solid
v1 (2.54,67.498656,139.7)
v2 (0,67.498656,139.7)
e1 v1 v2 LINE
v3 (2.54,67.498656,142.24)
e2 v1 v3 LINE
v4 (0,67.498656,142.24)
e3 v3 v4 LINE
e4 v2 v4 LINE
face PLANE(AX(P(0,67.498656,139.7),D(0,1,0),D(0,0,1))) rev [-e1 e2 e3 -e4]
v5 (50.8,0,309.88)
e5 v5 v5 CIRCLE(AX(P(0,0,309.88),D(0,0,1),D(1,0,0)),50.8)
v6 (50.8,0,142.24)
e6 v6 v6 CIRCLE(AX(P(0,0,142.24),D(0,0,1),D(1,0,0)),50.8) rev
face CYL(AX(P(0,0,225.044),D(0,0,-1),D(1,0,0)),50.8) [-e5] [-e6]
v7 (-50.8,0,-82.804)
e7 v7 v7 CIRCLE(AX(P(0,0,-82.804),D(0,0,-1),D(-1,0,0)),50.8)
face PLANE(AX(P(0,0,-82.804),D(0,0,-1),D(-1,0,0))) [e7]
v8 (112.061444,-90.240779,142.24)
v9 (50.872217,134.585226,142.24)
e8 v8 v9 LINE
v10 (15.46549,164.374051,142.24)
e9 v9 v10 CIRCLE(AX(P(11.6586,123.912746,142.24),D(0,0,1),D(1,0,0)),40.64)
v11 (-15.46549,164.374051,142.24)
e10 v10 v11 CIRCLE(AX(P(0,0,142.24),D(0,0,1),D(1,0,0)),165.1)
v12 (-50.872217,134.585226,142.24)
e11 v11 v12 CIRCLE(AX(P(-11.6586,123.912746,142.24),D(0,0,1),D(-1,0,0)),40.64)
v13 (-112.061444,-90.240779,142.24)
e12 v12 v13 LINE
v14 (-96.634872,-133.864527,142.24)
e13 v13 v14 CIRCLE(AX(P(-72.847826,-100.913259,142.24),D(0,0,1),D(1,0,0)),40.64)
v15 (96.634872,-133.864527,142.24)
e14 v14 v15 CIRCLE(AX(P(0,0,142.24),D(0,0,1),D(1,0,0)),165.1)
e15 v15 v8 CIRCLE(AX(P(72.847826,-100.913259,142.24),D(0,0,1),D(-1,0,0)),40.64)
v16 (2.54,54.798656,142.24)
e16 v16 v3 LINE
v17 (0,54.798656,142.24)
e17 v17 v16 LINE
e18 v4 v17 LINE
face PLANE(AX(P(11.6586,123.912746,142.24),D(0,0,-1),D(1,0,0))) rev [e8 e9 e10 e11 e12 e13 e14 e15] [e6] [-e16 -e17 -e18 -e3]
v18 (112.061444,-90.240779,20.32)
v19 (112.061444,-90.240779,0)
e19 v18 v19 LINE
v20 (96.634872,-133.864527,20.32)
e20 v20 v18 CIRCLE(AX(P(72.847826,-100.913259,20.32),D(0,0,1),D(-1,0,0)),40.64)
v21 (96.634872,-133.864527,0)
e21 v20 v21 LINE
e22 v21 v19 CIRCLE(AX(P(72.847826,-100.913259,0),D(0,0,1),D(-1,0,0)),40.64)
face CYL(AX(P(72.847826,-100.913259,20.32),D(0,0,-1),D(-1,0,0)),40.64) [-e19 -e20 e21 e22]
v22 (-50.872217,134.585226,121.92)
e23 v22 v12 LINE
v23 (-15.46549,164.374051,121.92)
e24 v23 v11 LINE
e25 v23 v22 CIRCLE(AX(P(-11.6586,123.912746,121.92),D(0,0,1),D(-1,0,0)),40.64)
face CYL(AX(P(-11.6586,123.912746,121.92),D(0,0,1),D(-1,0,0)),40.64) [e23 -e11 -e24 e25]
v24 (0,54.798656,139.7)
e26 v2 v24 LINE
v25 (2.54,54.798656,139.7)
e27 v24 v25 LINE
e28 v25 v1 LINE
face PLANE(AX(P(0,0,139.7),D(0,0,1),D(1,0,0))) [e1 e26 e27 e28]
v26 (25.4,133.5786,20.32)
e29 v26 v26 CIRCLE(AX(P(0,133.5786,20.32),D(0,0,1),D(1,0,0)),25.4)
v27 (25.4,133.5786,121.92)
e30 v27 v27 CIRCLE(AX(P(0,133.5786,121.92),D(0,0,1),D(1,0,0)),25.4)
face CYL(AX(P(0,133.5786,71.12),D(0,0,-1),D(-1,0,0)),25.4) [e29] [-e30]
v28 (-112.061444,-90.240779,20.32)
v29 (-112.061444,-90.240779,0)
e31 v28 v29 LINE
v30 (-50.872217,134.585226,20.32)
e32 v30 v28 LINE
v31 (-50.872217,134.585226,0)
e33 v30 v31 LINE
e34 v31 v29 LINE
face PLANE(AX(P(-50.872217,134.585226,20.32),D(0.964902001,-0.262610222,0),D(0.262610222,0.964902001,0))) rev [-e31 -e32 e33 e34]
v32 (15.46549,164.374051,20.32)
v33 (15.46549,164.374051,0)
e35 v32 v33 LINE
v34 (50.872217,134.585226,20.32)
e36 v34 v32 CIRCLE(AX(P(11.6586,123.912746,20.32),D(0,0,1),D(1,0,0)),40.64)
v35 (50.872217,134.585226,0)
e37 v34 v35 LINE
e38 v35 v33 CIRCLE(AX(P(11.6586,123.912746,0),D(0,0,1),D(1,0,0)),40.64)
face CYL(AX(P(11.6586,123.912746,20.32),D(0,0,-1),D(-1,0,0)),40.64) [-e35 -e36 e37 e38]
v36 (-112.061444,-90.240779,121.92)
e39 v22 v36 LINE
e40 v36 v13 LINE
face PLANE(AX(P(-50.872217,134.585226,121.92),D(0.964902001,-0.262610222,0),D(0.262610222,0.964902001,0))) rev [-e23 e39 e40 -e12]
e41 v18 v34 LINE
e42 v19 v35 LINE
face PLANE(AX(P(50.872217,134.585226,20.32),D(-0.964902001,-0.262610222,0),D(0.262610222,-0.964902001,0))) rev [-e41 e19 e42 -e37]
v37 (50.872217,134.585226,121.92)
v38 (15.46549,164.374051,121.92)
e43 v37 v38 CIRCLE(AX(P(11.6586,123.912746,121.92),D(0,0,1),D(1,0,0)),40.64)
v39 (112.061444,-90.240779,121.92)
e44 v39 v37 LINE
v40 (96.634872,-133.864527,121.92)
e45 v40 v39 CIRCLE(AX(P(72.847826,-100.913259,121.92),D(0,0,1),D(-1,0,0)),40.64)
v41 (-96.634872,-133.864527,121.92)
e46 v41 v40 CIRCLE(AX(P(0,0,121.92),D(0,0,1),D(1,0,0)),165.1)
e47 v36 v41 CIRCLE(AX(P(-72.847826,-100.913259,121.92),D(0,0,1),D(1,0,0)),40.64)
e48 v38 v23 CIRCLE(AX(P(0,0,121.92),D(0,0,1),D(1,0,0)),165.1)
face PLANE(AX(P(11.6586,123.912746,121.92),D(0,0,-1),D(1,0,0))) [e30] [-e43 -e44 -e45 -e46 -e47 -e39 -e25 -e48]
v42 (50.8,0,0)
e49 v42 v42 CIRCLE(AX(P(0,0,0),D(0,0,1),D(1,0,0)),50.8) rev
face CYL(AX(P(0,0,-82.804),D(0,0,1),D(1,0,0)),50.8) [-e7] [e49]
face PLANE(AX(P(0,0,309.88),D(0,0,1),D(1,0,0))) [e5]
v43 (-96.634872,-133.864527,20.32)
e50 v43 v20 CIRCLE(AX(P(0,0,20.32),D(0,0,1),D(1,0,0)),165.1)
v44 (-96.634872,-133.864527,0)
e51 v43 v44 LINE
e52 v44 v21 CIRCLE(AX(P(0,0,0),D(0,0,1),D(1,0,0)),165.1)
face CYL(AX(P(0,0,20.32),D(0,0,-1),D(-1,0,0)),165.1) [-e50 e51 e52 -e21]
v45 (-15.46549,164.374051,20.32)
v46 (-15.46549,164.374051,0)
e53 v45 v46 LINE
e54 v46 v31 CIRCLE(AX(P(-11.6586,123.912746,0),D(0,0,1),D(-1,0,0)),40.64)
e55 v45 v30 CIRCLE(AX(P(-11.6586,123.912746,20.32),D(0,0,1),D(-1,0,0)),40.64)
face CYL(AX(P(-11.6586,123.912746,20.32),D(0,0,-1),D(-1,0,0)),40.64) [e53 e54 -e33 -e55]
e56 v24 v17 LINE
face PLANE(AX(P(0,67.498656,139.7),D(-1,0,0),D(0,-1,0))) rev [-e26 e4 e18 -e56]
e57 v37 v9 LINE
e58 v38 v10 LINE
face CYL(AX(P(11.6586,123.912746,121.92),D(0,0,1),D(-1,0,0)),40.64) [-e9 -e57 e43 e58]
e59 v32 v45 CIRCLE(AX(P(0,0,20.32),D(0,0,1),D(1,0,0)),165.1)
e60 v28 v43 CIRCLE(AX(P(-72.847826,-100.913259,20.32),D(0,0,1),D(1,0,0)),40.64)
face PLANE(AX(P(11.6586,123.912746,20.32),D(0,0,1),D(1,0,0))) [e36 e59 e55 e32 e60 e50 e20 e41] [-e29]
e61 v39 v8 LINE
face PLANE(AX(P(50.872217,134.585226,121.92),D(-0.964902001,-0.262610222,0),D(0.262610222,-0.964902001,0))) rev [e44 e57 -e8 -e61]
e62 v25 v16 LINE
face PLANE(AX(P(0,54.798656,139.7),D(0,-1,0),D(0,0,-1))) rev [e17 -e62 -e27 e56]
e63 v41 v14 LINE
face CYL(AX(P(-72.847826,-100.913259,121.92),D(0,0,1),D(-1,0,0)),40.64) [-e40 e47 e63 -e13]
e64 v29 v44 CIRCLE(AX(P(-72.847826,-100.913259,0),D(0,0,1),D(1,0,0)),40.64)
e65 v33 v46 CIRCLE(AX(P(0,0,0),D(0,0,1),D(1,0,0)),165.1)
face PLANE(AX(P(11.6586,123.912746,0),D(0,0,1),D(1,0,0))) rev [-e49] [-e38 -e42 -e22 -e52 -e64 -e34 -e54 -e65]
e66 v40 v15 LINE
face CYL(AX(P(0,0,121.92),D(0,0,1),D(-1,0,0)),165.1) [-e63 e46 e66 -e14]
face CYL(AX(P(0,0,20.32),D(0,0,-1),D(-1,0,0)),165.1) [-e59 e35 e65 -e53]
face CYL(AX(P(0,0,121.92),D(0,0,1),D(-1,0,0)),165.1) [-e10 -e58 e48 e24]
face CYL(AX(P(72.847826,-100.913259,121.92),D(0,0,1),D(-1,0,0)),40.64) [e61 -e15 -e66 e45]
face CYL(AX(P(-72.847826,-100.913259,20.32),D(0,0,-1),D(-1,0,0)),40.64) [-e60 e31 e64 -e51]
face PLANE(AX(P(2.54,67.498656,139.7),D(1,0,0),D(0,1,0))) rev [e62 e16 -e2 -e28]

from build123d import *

# Parameters (mm, degrees)
BOSS_EXTRUDE1_DEPTH = 20.32
SKETCH2_R           = 25.4
BOSS_EXTRUDE2_DEPTH = 50.8
SKETCH4_R           = 50.8
BOSS_EXTRUDE3_DEPTH = 82.804
SKETCH5_R           = 50.8
BOSS_EXTRUDE4_DEPTH = 84.836
SKETCH6_W           = 2.54
SKETCH6_H           = 12.7
CUT_EXTRUDE1_DEPTH  = 2.54


with BuildPart() as part:
    # Sketch1 → Boss-Extrude1 (new body)
    with BuildSketch(Plane.XY):
        with BuildLine():
            Line((-50.872217321, 134.585225504), (-112.061443675, -90.240779366))
            ThreePointArc((-112.061443675, -90.240779366), (-111.162689162, -114.462461255), (-96.634871694, -133.864526939))
            ThreePointArc((-96.634871694, -133.864526939), (0, -165.1), (96.634871694, -133.864526939))
            ThreePointArc((96.634871694, -133.864526939), (111.162689162, -114.462461255), (112.061443675, -90.240779366))
            Line((112.061443675, -90.240779366), (50.872217321, 134.585225504))
            ThreePointArc((50.872217321, 134.585225504), (37.822210961, 155.010576595), (15.465489796, 164.374050949))
            ThreePointArc((15.465489796, 164.374050949), (0, 165.1), (-15.465489796, 164.374050949))
            ThreePointArc((-15.465489796, 164.374050949), (-37.822210961, 155.010576595), (-50.872217321, 134.585225504))
        make_face()
    extrude(amount=BOSS_EXTRUDE1_DEPTH)

    # Sketch2 → Boss-Extrude2 (add)
    with BuildSketch(Plane.XY.offset(20.32)):
        with Locations((0, 133.5786)):
            Circle(SKETCH2_R)
    extrude(amount=BOSS_EXTRUDE2_DEPTH)

    # Sketch4 → Boss-Extrude3 (add)
    with BuildSketch(Plane(origin=(0, 0, 0), x_dir=(-1, 0, 0), z_dir=(0, 0, -1))):
        with Locations(Location((0, 0, 0), (0, 0, 180))):
            Circle(SKETCH4_R)
    extrude(amount=BOSS_EXTRUDE3_DEPTH)

    # Mirror1: part across plane


with BuildPart() as part_1:
    add(part.part)
    add(part.part.mirror(Plane(origin=(0, 133.5786, 71.12), x_dir=(1, 0, 0), z_dir=(0, 0, 1))))

    # Sketch5 → Boss-Extrude4 (add)
    with BuildSketch(Plane.XY.offset(225.044)):
        Circle(SKETCH5_R)
    extrude(amount=BOSS_EXTRUDE4_DEPTH)

    # Sketch6 → Cut-Extrude1 (cut)
    with BuildSketch(Plane.XY.offset(142.24)):
        with Locations((1.27, 61.148656496)):
            Rectangle(SKETCH6_W, SKETCH6_H)
    extrude(amount=-CUT_EXTRUDE1_DEPTH, mode=Mode.SUBTRACT)


solid = part_1.part
